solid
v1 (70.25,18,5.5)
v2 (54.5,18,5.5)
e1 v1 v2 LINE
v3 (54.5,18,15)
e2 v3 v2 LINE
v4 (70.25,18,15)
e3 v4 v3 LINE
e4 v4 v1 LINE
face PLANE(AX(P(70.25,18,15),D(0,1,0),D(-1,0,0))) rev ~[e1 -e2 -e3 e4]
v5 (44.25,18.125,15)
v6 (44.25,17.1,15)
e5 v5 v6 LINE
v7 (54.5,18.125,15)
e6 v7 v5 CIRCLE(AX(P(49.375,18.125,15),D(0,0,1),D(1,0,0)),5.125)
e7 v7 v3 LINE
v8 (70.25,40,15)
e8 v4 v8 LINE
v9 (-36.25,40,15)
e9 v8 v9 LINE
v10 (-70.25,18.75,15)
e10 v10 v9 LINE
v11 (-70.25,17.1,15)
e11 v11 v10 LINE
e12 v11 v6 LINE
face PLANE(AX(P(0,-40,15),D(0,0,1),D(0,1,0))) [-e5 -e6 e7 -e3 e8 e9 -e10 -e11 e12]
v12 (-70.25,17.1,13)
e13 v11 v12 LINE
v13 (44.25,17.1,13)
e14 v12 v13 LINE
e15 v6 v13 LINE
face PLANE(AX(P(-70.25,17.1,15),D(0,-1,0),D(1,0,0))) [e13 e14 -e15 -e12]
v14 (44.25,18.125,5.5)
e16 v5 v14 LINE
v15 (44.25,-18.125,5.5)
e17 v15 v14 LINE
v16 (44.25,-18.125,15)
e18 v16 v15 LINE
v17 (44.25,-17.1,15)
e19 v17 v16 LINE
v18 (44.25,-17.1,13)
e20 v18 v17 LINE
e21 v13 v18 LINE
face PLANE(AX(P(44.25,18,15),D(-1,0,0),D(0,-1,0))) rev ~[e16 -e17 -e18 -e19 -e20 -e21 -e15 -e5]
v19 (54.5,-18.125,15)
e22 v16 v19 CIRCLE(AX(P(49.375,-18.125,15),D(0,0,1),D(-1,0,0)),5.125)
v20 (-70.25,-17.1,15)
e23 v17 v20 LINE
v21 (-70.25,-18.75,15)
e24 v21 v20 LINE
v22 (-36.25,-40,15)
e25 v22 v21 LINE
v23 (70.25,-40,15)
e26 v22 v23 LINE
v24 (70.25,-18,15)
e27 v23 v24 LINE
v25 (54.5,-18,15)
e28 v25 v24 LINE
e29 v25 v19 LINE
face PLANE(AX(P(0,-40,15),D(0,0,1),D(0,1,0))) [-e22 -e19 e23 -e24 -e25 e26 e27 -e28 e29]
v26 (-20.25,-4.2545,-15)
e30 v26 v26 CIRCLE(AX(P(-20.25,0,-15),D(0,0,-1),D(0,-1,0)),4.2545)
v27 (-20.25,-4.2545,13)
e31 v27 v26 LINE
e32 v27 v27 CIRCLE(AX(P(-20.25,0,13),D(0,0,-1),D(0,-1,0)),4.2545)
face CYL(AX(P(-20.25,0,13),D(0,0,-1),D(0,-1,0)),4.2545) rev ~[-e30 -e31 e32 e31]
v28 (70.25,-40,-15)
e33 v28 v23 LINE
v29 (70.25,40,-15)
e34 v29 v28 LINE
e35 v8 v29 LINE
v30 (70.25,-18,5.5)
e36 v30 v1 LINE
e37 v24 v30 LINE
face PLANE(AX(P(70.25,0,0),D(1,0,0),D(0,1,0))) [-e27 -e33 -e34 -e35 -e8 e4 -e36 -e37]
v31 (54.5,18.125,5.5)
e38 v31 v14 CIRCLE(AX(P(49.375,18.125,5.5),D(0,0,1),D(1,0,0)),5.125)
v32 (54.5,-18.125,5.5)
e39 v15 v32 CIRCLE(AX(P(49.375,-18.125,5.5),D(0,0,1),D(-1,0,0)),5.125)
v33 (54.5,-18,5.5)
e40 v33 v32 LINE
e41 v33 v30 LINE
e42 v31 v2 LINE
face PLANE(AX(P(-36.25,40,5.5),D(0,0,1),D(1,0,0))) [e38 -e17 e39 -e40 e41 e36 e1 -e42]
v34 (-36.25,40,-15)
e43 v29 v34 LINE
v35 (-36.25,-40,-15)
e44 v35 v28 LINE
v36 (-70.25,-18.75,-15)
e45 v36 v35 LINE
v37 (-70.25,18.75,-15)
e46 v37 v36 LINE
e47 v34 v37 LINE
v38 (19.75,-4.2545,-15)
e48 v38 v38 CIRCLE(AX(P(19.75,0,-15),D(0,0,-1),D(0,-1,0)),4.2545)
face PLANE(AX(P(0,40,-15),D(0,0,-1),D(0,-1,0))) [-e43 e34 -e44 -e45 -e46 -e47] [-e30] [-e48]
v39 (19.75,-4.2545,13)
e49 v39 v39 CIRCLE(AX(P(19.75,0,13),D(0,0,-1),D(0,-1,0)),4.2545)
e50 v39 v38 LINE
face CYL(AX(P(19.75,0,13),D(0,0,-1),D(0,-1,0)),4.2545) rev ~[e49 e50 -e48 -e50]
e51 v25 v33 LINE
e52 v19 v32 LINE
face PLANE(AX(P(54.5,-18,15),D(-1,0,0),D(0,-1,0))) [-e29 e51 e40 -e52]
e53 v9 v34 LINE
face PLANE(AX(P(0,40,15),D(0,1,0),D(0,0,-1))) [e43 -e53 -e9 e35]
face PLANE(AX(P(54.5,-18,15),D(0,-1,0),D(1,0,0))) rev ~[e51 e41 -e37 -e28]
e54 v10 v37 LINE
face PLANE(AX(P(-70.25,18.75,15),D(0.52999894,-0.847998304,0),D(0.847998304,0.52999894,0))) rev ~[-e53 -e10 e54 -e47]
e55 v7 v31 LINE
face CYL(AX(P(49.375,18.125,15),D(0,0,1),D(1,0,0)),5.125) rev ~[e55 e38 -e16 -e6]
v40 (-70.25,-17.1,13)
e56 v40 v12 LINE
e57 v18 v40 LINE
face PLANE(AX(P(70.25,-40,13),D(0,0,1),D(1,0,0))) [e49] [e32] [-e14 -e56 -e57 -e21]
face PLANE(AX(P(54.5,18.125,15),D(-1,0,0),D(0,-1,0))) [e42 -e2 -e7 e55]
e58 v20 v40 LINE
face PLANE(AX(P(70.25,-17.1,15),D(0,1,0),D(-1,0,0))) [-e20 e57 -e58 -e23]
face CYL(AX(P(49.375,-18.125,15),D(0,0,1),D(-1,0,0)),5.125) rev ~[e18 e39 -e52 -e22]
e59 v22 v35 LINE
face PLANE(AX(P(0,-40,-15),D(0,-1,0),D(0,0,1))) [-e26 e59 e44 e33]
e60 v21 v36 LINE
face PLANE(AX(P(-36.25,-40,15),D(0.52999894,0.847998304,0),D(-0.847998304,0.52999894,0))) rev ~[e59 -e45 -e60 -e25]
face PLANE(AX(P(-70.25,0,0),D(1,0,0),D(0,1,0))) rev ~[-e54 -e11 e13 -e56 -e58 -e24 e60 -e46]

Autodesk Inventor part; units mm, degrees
ref_plane "Right" through (0, 0, 0) normal (1, 0, 0) x (0, 1, 0)
ref_plane "Top" through (0, 0, 0) normal (0, 1, 0) x (-1, 0, 0)
ref_plane "Front" through (0, 0, 0) normal (0, 0, 1) x (1, 0, 0)
sketch "Sketch1" plane through (0, 0, 0) normal (1, 0, 0) x (0, 1, 0)
  line L0 (-40, 15) -> (40, 15)
  line L1 (40, 15) -> (40, -15)
  line L2 (40, -15) -> (-40, -15)
  line L3 (-40, -15) -> (-40, 15)
  line L4 (-40, 15) -> (40, -15) construction
  line L5 (40, 15) -> (-40, -15) construction
  point P0 (0, 0)
  dimension "d0" = 30
  dimension "d1" = 80
extrude "Extrusion1" add sketch "Sketch1" along normal mid plane 140.5
sketch "Sketch2" plane through (-70.25, -40, 15) normal (0, 0, 1) x (1, 0, 0)
  line L0 (140.5, 80) -> (0, 80) construction
  line L1 (0, 0) -> (0, 80) construction
  line L2 (0, 80) -> (0, 58.75)
  line L3 (0, 58.75) -> (34, 80)
  line L4 (34, 80) -> (0, 80)
  line L5 (0, 21.25) -> (0, 0)
  line L6 (0, 0) -> (34, 0)
  line L7 (34, 0) -> (0, 21.25)
  point P0 (70.25, 40)
  dimension "d4" = 37.5
  dimension "d5" = 106.5
  dimension "d6" = 147.995
extrude "Extrusion2" cut sketch "Sketch2" against normal through all
sketch "Sketch3" plane through (70.25, -40, 15) normal (0, 0, 1) x (1, 0, 0)
  line L0 (0, 80) -> (0, 0) construction
  line L1 (-140.5, 21.25) -> (-140.5, 58.75) construction
  line L2 (-140.5, 57.1) -> (0, 57.1)
  line L3 (0, 57.1) -> (0, 22.9)
  line L4 (0, 22.9) -> (-140.5, 22.9)
  line L5 (-140.5, 22.9) -> (-140.5, 57.1)
  point P0 (-70.25, 40)
  point P1 (-140.5, 40)
  dimension "d9" = 34.2
extrude "Extrusion3" cut sketch "Sketch3" against normal blind 2
sketch "Sketch4" plane through (-36.25, 40, 15) normal (0, 0, 1) x (1, 0, 0)
  line L0 (106.5, -57.1) -> (-34, -57.1) construction
  line L1 (-34, -58.75) -> (-34, -57.1) construction
  line L2 (-34, -58.75) -> (0, -80) construction
  line L3 (0, -80) -> (106.5, -80) construction
  line L4 (106.5, -57.1) -> (106.5, -80) construction
  line L5 (-34, -22.9) -> (106.5, -22.9) construction
  line L6 (-34, -57.1) -> (-34, -22.9) construction
  line L7 (106.5, -57.1) -> (-34, -57.1) construction
  line L8 (106.5, -22.9) -> (106.5, -57.1) construction
  line L9 (106.5, -22) -> (80.5, -22)
  line L10 (80.5, -22) -> (80.5, -58)
  line L11 (80.5, -58) -> (106.5, -58)
  line L12 (106.5, -58) -> (106.5, -22)
  line L13 (85.625, -21.875) -> (85.625, -58.125) construction
  line L14 (90.75, -21.875) -> (90.75, -58.125)
  line L15 (80.5, -58.125) -> (80.5, -21.875)
  arc A0 (90.75, -21.875) -> (80.5, -21.875) centre (85.625, -21.875) ccw
  arc A1 (80.5, -58.125) -> (90.75, -58.125) centre (85.625, -58.125) ccw
  point P0 (36.25, -40)
  point P1 (106.5, -40)
  point P2 (85.625, -40)
  point P3 (80.5, -40)
  dimension "d12" = 36
  dimension "d13" = 26
  dimension "d14" = 46.5
  dimension "d15" = 15.75
extrude "Extrusion4" cut sketch "Sketch4" against normal blind 9.5
sketch "Sketch5" plane through (70.25, -40, 13) normal (0, 0, 1) x (1, 0, 0)
  line L0 (-26, 22.9) -> (-26, 57.1) construction
  line L1 (-15.75, 58) -> (0, 58) construction
  line L2 (-15.75, 58.125) -> (-15.75, 58) construction
  arc A0 (-15.75, 58.125) -> (-26, 58.125) centre (-20.875, 58.125) ccw construction
  line L3 (-26, 21.875) -> (-26, 58.125) construction
  arc A1 (-26, 21.875) -> (-15.75, 21.875) centre (-20.875, 21.875) ccw construction
  line L4 (-15.75, 22) -> (-15.75, 21.875) construction
  line L5 (0, 22) -> (-15.75, 22) construction
  line L6 (0, 58) -> (0, 22) construction
  line L7 (-90.5, 40) -> (-50.5, 40)
  circle A2 centre (-90.5, 40) radius 4.25
  circle A3 centre (-50.5, 40) radius 4.25
  point P0 (-70.25, 40)
  dimension "d18" = 8.5
  dimension "d19" = 48.5
  dimension "d20" = 20.25
  dimension "d23" = 50.5
  dimension "d24" = 40
hole "Hole1" at (-20.25, 0, 13) at (19.75, 0, 13) direction (0, 0, -1) diameter 8.509 end through all
equation "\"BendRadius\" = Thickness"
equation "\"BendReliefWidth\" = 0.5 * Thickness"
equation "\"BendReliefDepth\" = 0.5 * Thickness"
equation "\"CornerReliefSize\" = 4 * Thickness"
equation "\"MinimumRemnant\" = 2 * Thickness"
equation "\"TransitionRadius\" = BendRadius"
equation "\"JacobiRadiusSize\" = BendRadius"
equation "\"Thickness\" = 6.35"
properties part number "DHC-1500-FF-02-002" material "A36"
